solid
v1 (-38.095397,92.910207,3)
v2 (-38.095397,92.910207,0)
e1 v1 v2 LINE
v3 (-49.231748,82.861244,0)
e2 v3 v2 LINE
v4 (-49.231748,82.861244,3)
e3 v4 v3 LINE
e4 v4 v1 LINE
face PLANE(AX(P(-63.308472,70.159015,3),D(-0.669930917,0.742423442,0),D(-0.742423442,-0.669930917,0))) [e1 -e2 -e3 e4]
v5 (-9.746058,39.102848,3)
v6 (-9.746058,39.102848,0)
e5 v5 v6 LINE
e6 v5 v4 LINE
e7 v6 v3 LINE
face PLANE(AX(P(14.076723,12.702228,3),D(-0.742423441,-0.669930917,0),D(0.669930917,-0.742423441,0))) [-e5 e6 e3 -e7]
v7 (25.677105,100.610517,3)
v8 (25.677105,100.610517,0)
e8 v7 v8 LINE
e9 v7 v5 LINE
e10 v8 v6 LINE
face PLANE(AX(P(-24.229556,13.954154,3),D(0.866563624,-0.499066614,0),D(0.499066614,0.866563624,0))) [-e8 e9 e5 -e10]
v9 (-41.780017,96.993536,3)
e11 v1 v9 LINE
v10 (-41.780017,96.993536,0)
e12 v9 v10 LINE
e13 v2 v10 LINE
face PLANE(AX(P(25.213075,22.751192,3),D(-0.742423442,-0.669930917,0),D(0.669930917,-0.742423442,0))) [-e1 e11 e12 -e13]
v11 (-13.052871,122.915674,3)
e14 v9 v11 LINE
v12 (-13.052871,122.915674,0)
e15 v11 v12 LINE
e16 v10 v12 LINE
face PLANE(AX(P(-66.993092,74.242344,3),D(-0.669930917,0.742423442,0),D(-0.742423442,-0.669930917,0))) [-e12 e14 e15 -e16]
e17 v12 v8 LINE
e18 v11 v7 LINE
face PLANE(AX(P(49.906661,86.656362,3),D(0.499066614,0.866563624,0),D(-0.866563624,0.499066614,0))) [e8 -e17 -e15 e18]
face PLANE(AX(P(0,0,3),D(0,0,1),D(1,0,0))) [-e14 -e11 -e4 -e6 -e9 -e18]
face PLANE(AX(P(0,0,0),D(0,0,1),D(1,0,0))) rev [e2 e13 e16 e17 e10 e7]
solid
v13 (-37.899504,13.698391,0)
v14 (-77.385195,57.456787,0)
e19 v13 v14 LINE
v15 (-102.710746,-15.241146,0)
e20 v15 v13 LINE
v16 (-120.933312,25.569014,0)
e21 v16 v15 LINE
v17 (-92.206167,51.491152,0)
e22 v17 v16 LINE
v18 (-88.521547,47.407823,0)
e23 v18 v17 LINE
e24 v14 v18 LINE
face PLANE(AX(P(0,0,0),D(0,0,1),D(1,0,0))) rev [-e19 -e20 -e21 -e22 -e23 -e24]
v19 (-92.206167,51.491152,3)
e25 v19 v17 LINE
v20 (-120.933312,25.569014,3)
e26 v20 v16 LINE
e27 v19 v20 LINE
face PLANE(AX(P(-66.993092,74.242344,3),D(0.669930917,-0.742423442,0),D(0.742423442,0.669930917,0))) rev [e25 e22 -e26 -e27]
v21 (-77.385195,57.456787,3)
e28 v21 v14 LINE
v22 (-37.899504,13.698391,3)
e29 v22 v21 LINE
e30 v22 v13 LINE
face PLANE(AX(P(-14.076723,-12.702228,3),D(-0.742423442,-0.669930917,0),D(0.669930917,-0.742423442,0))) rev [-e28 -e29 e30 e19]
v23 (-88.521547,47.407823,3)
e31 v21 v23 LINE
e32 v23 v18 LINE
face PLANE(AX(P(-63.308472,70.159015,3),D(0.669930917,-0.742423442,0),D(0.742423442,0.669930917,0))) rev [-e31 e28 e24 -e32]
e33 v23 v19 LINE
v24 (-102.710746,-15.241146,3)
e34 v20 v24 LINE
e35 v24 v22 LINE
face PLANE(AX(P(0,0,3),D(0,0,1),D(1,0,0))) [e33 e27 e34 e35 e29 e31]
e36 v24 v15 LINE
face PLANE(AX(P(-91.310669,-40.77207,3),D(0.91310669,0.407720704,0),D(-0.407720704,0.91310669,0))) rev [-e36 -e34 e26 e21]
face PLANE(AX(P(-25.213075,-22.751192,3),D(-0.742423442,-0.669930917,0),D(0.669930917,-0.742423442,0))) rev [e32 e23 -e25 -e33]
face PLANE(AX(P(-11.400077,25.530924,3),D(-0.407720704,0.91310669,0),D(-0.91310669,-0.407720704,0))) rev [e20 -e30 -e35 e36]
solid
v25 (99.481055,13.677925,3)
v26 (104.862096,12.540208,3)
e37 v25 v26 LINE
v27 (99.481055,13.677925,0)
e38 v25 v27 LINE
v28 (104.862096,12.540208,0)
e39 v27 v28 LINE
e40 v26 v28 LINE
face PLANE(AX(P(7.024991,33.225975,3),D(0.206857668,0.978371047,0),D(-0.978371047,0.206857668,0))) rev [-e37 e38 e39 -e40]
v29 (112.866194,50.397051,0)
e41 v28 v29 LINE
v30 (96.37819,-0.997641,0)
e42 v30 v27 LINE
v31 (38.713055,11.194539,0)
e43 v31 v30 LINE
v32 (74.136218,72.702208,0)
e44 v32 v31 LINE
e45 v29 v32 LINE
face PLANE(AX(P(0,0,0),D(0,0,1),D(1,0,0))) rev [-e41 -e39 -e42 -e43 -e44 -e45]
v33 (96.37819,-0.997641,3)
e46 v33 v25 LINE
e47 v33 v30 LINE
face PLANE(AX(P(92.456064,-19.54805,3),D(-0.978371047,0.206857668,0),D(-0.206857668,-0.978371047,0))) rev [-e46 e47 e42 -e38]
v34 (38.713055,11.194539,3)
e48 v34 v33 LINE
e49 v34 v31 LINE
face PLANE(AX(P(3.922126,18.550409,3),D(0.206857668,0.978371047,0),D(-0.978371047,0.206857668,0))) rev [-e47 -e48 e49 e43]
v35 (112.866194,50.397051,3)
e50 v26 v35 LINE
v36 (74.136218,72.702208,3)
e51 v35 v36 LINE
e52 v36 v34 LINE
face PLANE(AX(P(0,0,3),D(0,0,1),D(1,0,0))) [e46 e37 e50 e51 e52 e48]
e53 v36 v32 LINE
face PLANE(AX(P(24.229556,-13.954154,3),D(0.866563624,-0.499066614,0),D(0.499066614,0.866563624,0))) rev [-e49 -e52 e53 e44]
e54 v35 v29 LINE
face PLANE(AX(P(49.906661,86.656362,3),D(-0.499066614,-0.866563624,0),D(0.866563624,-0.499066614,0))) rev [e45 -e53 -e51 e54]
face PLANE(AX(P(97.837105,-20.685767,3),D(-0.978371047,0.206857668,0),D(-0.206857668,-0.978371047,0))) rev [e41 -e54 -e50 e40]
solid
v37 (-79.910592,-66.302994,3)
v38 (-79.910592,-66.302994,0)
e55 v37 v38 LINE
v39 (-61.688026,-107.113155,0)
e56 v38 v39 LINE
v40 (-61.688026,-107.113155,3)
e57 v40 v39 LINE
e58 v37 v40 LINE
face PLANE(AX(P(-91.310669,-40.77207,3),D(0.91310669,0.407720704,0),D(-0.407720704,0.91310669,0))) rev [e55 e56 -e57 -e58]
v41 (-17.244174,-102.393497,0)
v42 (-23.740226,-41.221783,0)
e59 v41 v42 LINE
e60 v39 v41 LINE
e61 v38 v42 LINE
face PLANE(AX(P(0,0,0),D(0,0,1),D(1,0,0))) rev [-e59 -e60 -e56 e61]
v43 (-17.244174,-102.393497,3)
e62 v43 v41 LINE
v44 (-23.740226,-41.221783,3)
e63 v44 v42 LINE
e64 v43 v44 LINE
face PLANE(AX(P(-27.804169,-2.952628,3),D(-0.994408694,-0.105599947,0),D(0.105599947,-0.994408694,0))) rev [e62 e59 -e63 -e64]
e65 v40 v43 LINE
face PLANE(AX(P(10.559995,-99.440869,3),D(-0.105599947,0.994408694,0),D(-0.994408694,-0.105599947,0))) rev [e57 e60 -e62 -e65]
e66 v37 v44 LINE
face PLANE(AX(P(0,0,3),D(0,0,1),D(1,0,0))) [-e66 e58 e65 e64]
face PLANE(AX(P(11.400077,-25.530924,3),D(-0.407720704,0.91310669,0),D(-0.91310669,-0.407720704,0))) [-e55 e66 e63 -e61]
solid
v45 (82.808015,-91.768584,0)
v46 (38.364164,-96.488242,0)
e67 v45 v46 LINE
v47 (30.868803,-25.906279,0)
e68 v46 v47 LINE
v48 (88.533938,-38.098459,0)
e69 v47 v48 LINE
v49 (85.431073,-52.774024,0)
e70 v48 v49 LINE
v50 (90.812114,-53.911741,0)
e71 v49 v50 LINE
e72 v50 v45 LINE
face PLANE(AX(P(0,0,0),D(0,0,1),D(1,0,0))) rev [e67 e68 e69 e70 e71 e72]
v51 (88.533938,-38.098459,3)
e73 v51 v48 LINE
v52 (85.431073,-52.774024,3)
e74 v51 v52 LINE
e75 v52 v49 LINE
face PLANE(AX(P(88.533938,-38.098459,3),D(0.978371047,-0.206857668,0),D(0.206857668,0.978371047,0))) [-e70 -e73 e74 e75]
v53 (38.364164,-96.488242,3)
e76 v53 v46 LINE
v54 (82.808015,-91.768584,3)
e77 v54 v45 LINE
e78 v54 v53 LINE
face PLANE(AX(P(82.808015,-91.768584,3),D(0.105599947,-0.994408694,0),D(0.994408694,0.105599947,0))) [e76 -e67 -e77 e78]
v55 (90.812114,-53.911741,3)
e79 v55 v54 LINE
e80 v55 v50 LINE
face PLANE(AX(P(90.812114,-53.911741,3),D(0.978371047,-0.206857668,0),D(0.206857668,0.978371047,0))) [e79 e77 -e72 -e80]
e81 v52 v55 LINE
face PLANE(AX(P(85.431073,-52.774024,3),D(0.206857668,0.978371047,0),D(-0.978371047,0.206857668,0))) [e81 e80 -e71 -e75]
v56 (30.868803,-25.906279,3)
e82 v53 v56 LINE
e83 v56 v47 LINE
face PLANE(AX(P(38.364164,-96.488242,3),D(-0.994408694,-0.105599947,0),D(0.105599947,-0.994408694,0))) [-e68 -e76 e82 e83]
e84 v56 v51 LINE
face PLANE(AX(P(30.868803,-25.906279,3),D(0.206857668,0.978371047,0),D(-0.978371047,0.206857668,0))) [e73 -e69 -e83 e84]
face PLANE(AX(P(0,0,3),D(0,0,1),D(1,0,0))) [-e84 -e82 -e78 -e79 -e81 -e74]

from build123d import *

# Parameters (mm, degrees)
BOSS_EXTRUDE1_DEPTH   = 3
BOSS_EXTRUDE1_2_DEPTH = 3
BOSS_EXTRUDE1_3_DEPTH = 3
BOSS_EXTRUDE1_4_DEPTH = 3
BOSS_EXTRUDE1_5_DEPTH = 3


with BuildPart() as part:
    # Sketch15 → Boss-Extrude1 (new body)
    with BuildSketch(Plane.XY):
        Polygon((-61.688025962, -107.113154668), (-17.244174379, -102.39349725), (-23.74022552, -41.221783455), (-79.910592339, -66.30299436), align=None)
    extrude(amount=BOSS_EXTRUDE1_DEPTH)


with BuildPart() as body_2:
    # Sketch15 → Boss-Extrude1 2 (new body)
    with BuildSketch(Plane.XY):
        Polygon((-92.206166548, 51.491152029), (-120.9333121, 25.569013955), (-102.710745723, -15.241146353), (-37.89950418, 13.698390813), (-77.385194882, 57.456786854), (-88.521546505, 47.4078231), align=None)
    extrude(amount=BOSS_EXTRUDE1_2_DEPTH)


with BuildPart() as body_3:
    # Sketch15 → Boss-Extrude1 3 (new body)
    with BuildSketch(Plane.XY):
        Polygon((-13.052871288, 122.915674351), (25.677104965, 100.610516894), (-9.746057716, 39.102847555), (-49.231748421, 82.861243593), (-38.095396799, 92.910207346), (-41.780016842, 96.993536275), align=None)
    extrude(amount=BOSS_EXTRUDE1_3_DEPTH)


with BuildPart() as body_4:
    # Sketch15 → Boss-Extrude1 4 (new body)
    with BuildSketch(Plane.XY):
        Polygon((104.862095509, 12.540207816), (112.866193993, 50.397050544), (74.13621774, 72.702208001), (38.71305506, 11.194538662), (96.37818973, -0.997640709), (99.481054752, 13.677924991), align=None)
    extrude(amount=BOSS_EXTRUDE1_4_DEPTH)


with BuildPart() as body_5:
    # Sketch15 → Boss-Extrude1 5 (new body)
    with BuildSketch(Plane.XY):
        Polygon((30.868803436, -25.906279208), (88.533938106, -38.098458575), (85.431073084, -52.774024276), (90.812113841, -53.911741451), (82.808015356, -91.768584182), (38.364163773, -96.4882416), (37.783364065, -91.018993782), align=None)
    extrude(amount=BOSS_EXTRUDE1_5_DEPTH)


solid = Compound([part.part, body_2.part, body_3.part, body_4.part, body_5.part])
